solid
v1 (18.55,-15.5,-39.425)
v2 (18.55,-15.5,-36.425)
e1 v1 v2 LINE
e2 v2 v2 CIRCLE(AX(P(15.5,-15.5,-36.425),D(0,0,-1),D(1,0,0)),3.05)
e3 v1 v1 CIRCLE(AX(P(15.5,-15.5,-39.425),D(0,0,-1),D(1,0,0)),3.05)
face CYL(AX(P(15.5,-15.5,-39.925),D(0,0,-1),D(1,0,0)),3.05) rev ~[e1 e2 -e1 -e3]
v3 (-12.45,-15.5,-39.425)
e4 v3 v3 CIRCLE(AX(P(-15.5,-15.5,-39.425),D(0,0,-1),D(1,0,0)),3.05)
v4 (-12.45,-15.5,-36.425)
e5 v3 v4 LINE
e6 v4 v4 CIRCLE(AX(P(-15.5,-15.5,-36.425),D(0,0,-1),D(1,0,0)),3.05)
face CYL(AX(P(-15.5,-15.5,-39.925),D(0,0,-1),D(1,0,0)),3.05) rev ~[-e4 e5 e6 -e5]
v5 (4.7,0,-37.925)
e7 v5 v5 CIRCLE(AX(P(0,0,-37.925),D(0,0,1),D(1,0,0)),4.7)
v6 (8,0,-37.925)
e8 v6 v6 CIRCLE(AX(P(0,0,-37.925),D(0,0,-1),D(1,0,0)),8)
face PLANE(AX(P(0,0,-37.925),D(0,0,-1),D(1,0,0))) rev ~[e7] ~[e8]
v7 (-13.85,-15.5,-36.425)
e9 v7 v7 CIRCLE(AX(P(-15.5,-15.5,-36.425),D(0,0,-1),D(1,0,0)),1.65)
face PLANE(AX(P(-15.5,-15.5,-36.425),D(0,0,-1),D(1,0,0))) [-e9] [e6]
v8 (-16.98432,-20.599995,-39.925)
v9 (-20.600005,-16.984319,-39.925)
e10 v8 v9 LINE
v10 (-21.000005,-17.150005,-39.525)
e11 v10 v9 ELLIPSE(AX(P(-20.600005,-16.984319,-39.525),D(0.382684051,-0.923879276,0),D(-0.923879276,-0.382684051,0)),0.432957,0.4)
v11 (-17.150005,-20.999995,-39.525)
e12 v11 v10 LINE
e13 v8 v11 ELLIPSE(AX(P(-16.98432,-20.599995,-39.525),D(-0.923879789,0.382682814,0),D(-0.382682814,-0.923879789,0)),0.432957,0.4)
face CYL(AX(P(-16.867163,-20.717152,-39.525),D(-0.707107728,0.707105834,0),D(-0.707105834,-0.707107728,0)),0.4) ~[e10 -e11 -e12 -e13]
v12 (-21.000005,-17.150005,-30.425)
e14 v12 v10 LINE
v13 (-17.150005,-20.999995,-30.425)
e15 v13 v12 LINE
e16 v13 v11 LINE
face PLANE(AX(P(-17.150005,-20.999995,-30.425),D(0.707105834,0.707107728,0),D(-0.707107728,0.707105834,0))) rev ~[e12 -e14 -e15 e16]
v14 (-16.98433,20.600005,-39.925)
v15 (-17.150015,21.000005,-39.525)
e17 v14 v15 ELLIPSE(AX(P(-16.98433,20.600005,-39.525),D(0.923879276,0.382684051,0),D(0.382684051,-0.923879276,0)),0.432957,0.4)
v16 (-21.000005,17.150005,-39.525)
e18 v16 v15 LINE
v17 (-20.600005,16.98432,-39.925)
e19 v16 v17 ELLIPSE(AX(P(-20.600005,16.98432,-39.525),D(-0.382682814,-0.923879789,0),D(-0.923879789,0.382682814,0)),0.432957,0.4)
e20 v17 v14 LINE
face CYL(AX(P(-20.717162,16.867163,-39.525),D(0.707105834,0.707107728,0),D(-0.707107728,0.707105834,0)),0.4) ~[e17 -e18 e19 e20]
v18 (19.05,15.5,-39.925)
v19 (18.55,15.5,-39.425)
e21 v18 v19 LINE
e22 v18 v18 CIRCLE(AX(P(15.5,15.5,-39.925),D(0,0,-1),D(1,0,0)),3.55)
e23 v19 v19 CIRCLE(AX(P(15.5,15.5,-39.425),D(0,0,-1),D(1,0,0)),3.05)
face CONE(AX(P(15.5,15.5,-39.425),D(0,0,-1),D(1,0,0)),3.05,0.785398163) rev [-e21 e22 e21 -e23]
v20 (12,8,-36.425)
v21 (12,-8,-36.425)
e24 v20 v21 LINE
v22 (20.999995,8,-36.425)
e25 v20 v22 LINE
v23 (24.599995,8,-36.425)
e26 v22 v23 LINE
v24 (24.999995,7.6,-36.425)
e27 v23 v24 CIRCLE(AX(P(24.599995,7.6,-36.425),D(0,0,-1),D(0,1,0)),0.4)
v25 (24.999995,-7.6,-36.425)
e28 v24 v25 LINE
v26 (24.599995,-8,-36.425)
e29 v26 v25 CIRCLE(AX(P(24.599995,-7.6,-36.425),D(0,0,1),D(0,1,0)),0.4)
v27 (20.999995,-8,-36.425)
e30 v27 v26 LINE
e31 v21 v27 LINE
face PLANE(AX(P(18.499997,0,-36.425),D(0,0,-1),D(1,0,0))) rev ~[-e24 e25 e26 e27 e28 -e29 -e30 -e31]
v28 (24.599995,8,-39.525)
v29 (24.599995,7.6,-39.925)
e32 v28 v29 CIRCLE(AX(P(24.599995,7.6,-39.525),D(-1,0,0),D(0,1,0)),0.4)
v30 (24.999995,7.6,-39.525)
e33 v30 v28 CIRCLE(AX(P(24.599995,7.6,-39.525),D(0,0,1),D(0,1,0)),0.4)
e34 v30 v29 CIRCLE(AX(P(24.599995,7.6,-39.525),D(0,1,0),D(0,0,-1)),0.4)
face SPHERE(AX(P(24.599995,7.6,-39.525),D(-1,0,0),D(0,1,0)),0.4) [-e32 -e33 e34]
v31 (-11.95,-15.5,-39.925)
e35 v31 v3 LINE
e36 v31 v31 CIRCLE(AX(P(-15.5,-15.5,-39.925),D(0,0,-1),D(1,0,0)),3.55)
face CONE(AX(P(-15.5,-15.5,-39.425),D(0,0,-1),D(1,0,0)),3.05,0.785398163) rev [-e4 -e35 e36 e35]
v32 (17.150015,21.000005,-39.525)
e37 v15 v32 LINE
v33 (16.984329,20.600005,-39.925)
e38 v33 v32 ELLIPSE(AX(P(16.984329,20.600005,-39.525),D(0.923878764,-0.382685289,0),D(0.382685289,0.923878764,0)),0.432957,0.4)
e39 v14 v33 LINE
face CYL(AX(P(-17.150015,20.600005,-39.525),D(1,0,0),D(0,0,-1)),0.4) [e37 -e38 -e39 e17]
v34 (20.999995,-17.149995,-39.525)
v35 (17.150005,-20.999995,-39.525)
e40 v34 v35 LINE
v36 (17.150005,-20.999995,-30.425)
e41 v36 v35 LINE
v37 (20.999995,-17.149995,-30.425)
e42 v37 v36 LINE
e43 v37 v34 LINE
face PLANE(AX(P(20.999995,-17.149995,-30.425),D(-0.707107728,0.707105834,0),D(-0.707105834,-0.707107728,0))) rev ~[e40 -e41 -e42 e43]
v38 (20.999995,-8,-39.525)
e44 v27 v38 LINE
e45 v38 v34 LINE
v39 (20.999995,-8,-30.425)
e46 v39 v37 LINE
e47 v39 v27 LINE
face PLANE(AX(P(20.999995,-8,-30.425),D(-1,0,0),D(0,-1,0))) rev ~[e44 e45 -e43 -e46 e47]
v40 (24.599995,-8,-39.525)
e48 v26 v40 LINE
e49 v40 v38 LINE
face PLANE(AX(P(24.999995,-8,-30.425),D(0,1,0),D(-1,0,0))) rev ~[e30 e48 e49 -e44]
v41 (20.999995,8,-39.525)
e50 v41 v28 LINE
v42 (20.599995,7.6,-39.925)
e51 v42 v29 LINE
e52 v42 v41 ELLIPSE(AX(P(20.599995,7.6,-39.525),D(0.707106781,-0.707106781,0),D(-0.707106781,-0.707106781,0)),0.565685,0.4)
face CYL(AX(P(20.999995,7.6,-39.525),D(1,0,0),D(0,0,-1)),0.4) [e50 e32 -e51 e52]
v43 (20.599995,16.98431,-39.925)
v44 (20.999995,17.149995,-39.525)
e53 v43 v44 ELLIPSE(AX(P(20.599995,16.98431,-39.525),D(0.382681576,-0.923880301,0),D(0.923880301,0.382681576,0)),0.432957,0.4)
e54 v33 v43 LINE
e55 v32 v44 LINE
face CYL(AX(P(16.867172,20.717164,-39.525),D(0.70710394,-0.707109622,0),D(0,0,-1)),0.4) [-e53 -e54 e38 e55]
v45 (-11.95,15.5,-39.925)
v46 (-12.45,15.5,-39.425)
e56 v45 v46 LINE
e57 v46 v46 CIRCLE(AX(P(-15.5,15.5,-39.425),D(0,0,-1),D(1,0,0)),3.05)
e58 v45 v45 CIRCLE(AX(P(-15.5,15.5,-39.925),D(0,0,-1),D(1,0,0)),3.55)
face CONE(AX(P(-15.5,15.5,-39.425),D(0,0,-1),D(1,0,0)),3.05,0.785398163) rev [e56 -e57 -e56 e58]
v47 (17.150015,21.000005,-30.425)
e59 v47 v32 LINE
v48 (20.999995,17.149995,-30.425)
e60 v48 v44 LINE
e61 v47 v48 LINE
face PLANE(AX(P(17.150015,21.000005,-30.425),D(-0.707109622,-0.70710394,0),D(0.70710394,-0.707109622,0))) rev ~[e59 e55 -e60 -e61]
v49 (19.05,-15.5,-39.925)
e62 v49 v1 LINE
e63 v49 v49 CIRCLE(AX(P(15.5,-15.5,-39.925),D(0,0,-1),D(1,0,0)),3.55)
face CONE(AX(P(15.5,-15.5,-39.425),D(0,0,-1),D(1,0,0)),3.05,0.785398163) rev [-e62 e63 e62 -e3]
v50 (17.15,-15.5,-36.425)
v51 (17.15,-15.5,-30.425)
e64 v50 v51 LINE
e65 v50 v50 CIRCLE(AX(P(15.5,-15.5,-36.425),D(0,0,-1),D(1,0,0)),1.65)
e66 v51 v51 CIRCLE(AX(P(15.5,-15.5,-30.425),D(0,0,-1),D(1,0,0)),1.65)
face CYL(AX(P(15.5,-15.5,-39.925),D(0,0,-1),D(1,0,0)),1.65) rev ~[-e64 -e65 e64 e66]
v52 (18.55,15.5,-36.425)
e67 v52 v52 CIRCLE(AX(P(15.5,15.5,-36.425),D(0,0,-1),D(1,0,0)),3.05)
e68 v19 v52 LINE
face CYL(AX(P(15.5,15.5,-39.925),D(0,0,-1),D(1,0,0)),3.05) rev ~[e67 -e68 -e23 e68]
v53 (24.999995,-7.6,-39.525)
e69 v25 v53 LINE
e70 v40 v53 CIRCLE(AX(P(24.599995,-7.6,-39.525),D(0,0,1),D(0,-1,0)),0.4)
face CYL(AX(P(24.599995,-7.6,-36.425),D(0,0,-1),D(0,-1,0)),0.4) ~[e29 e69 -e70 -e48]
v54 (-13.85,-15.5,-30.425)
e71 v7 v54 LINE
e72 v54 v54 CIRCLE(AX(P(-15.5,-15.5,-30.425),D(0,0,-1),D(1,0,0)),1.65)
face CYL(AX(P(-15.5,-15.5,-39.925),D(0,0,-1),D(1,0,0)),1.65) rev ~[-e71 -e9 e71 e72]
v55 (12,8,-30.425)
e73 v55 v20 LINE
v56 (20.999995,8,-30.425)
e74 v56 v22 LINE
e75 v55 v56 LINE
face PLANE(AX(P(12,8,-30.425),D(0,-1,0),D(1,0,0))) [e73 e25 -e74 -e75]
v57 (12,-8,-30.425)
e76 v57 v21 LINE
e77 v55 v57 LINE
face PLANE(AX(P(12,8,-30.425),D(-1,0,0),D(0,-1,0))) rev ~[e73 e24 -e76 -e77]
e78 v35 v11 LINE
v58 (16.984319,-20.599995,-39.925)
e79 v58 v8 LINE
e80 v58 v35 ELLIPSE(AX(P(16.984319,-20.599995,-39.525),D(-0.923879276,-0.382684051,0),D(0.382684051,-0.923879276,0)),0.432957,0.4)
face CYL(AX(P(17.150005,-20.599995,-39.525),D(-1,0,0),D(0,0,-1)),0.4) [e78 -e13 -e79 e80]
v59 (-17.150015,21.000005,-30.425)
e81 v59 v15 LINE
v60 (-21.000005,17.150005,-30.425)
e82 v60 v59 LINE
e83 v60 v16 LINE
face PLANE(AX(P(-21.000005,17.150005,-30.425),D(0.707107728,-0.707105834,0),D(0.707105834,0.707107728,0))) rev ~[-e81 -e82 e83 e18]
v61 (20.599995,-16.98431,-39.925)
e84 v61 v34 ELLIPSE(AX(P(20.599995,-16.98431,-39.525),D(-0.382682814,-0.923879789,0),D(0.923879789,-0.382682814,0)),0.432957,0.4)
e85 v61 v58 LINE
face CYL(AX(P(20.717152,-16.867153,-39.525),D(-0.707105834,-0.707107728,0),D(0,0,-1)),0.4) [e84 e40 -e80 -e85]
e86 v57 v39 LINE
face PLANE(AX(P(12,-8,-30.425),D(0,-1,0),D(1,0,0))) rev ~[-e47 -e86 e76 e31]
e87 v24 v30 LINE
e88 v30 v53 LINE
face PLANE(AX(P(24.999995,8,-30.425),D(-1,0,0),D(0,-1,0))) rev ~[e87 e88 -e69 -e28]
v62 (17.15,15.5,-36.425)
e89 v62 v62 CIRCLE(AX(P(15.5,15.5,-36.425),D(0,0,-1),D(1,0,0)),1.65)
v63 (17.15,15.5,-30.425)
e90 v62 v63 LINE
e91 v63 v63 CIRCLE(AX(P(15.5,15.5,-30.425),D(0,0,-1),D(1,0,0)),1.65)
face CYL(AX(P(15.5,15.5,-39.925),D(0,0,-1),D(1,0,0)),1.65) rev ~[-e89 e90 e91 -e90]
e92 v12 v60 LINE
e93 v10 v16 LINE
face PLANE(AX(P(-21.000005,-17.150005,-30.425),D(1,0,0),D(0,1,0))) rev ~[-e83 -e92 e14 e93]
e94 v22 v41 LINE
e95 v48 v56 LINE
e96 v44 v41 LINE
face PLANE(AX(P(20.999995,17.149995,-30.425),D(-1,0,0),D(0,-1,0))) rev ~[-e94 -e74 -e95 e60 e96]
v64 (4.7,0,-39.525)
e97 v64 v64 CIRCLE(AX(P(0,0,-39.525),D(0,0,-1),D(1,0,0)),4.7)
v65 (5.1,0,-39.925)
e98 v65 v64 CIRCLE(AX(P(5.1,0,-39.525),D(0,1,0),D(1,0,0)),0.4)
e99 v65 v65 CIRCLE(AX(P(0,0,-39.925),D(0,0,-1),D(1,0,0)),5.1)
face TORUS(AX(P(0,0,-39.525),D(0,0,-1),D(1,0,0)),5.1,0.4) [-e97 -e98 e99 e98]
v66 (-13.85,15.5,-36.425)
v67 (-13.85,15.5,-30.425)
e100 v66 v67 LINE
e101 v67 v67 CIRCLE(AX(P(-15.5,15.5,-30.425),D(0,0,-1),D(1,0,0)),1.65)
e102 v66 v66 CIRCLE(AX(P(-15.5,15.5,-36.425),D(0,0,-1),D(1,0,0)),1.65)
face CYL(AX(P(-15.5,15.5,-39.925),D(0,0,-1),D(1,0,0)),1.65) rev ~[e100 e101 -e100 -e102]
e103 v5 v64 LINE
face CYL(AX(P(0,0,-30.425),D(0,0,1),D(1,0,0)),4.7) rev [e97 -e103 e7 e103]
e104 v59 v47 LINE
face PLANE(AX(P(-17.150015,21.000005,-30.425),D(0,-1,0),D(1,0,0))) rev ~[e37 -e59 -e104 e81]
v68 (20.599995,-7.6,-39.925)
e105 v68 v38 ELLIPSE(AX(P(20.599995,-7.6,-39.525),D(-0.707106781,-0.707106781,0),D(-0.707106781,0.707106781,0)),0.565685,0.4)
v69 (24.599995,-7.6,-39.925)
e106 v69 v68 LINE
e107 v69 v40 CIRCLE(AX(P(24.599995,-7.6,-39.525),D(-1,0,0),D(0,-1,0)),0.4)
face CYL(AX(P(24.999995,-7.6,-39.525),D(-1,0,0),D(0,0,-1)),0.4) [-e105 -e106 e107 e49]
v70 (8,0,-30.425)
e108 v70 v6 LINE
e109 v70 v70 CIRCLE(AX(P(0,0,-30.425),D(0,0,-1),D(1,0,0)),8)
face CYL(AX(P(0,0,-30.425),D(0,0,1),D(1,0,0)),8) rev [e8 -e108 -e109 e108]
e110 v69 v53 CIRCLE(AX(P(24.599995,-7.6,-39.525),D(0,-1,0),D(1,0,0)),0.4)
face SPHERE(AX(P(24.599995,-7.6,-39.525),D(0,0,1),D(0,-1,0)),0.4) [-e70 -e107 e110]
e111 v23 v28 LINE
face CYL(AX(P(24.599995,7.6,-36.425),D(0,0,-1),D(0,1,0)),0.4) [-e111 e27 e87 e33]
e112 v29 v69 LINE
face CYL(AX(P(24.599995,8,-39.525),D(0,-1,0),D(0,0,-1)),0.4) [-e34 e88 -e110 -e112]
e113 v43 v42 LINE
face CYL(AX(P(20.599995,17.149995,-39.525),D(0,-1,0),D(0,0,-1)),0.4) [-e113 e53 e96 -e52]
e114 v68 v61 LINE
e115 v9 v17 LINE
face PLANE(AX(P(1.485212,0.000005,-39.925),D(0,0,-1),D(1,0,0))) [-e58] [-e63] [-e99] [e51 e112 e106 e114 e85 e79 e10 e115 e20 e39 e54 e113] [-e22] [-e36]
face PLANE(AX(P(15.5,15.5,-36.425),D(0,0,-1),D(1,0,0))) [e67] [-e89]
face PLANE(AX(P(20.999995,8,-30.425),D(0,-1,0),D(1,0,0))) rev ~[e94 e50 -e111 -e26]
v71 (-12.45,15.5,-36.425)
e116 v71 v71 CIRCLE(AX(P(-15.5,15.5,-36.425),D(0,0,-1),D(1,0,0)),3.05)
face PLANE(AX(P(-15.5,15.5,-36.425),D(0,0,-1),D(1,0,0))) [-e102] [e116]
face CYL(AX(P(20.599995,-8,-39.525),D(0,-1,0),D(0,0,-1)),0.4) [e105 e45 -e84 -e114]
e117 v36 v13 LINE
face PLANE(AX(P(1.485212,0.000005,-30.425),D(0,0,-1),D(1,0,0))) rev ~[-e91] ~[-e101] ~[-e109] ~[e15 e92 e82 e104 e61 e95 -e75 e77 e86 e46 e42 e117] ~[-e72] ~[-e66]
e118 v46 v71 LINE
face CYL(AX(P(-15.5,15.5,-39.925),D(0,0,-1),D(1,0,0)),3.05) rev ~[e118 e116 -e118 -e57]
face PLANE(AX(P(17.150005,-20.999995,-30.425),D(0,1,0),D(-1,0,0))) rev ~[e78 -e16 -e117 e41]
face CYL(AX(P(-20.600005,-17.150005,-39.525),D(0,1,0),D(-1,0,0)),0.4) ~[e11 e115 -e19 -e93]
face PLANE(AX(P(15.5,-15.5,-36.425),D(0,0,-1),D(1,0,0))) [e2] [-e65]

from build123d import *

# Parameters (mm, degrees)
SKETCH006_R             = 4.7
PAD003_DEPTH            = 9.5
SKETCH007_W             = 12.9999948434
SKETCH007_H             = 16
POCKET002_DEPTH         = 6
SKETCH008_R             = 8
POCKET003_DEPTH         = 7.5
SKETCH009_R             = 1.65
POCKET004_DEPTH         = 9.501
SKETCH010_R             = 3.05
POCKET005_DEPTH         = 3.5
FILLET_R                = 0.4
CHAMFER001_SIZE         = 0.5
BODY002_PLACEMENT_ANGLE = 180


with BuildPart() as part:
    # Sketch006 → Pad003 (new body)
    with BuildSketch(Plane.XY):
        Polygon((-21.0000051566, 17.1500051566), (-21.0000051566, -17.1500051566), (-17.1500154699, -21.0000051566), (17.1500154699, -21.0000051566), (20.9999948434, -17.1499948434), (20.9999948434, -8), (24.9999948434, -8), (24.9999948434, 8), (20.9999948434, 8), (20.9999948434, 17.1499948434), (17.1500051566, 20.9999948434), (-17.1500051566, 20.9999948434), align=None)
        Circle(SKETCH006_R, mode=Mode.SUBTRACT)
    extrude(amount=PAD003_DEPTH)

    # Sketch007 → Pocket002 (cut)
    with BuildSketch(Plane.XY):
        with Locations((18.4999974217, 0)):
            Rectangle(SKETCH007_W, SKETCH007_H)
    extrude(amount=POCKET002_DEPTH, mode=Mode.SUBTRACT)

    # Sketch008 → Pocket003 (cut)
    with BuildSketch(Plane.XY):
        Circle(SKETCH008_R)
    extrude(amount=POCKET003_DEPTH, mode=Mode.SUBTRACT)

    # Sketch009 → Pocket004 (cut, through all)
    with BuildSketch(Plane.XY.offset(9.5)):
        with Locations((-15.5, 15.5)):
            Circle(SKETCH009_R)
        with Locations((15.5, 15.5)):
            Circle(SKETCH009_R)
        with Locations((15.5, -15.5)):
            Circle(SKETCH009_R)
        with Locations((-15.5, -15.5)):
            Circle(SKETCH009_R)
    extrude(amount=-POCKET004_DEPTH, mode=Mode.SUBTRACT)

    # Sketch010 → Pocket005 (cut)
    with BuildSketch(Plane.XY.offset(9.5)):
        with Locations((-15.5, 15.5)):
            Circle(SKETCH010_R)
        with Locations((15.5, 15.5)):
            Circle(SKETCH010_R)
        with Locations((15.5, -15.5)):
            Circle(SKETCH010_R)
        with Locations((-15.5, -15.5)):
            Circle(SKETCH010_R)
    extrude(amount=-POCKET005_DEPTH, mode=Mode.SUBTRACT)

    # Fillet
    fillet_edges = [part.edges().sort_by_distance(p)[0] for p in [
        (-4.7, 0, 9.5),
        (0, -21.000005, 9.5),
        (19.075005, -19.075, 9.5),
        (20.999995, -12.574997, 9.5),
        (22.999995, -8, 9.5),
        (24.999995, -8, 7.75),
        (24.999995, 8, 7.75),
        (22.999995, 8, 9.5),
        (20.999995, 12.574997, 9.5),
        (19.075, 19.074995, 9.5),
        (0, 20.999995, 9.5),
        (-19.075005, 19.075, 9.5),
        (-21.000005, 0, 9.5),
        (-19.07501, -19.075005, 9.5),
        (24.999995, 0, 9.5),
    ]]
    fillet(fillet_edges, radius=FILLET_R)

    # Chamfer001
    chamfer001_edges = [part.edges().sort_by_distance(p)[0] for p in [
        (12.45, 15.5, 9.5),
        (-18.55, 15.5, 9.5),
        (12.45, -15.5, 9.5),
        (-18.55, -15.5, 9.5),
    ]]
    chamfer(chamfer001_edges, length=CHAMFER001_SIZE)


with BuildPart() as part_1:
    # Body002 placement: moved
    add(part.part.moved(Location((0, 0, -30.425))).rotate(Axis((0, 0, -30.425), (1, 0, 0)), BODY002_PLACEMENT_ANGLE))


solid = part_1.part
